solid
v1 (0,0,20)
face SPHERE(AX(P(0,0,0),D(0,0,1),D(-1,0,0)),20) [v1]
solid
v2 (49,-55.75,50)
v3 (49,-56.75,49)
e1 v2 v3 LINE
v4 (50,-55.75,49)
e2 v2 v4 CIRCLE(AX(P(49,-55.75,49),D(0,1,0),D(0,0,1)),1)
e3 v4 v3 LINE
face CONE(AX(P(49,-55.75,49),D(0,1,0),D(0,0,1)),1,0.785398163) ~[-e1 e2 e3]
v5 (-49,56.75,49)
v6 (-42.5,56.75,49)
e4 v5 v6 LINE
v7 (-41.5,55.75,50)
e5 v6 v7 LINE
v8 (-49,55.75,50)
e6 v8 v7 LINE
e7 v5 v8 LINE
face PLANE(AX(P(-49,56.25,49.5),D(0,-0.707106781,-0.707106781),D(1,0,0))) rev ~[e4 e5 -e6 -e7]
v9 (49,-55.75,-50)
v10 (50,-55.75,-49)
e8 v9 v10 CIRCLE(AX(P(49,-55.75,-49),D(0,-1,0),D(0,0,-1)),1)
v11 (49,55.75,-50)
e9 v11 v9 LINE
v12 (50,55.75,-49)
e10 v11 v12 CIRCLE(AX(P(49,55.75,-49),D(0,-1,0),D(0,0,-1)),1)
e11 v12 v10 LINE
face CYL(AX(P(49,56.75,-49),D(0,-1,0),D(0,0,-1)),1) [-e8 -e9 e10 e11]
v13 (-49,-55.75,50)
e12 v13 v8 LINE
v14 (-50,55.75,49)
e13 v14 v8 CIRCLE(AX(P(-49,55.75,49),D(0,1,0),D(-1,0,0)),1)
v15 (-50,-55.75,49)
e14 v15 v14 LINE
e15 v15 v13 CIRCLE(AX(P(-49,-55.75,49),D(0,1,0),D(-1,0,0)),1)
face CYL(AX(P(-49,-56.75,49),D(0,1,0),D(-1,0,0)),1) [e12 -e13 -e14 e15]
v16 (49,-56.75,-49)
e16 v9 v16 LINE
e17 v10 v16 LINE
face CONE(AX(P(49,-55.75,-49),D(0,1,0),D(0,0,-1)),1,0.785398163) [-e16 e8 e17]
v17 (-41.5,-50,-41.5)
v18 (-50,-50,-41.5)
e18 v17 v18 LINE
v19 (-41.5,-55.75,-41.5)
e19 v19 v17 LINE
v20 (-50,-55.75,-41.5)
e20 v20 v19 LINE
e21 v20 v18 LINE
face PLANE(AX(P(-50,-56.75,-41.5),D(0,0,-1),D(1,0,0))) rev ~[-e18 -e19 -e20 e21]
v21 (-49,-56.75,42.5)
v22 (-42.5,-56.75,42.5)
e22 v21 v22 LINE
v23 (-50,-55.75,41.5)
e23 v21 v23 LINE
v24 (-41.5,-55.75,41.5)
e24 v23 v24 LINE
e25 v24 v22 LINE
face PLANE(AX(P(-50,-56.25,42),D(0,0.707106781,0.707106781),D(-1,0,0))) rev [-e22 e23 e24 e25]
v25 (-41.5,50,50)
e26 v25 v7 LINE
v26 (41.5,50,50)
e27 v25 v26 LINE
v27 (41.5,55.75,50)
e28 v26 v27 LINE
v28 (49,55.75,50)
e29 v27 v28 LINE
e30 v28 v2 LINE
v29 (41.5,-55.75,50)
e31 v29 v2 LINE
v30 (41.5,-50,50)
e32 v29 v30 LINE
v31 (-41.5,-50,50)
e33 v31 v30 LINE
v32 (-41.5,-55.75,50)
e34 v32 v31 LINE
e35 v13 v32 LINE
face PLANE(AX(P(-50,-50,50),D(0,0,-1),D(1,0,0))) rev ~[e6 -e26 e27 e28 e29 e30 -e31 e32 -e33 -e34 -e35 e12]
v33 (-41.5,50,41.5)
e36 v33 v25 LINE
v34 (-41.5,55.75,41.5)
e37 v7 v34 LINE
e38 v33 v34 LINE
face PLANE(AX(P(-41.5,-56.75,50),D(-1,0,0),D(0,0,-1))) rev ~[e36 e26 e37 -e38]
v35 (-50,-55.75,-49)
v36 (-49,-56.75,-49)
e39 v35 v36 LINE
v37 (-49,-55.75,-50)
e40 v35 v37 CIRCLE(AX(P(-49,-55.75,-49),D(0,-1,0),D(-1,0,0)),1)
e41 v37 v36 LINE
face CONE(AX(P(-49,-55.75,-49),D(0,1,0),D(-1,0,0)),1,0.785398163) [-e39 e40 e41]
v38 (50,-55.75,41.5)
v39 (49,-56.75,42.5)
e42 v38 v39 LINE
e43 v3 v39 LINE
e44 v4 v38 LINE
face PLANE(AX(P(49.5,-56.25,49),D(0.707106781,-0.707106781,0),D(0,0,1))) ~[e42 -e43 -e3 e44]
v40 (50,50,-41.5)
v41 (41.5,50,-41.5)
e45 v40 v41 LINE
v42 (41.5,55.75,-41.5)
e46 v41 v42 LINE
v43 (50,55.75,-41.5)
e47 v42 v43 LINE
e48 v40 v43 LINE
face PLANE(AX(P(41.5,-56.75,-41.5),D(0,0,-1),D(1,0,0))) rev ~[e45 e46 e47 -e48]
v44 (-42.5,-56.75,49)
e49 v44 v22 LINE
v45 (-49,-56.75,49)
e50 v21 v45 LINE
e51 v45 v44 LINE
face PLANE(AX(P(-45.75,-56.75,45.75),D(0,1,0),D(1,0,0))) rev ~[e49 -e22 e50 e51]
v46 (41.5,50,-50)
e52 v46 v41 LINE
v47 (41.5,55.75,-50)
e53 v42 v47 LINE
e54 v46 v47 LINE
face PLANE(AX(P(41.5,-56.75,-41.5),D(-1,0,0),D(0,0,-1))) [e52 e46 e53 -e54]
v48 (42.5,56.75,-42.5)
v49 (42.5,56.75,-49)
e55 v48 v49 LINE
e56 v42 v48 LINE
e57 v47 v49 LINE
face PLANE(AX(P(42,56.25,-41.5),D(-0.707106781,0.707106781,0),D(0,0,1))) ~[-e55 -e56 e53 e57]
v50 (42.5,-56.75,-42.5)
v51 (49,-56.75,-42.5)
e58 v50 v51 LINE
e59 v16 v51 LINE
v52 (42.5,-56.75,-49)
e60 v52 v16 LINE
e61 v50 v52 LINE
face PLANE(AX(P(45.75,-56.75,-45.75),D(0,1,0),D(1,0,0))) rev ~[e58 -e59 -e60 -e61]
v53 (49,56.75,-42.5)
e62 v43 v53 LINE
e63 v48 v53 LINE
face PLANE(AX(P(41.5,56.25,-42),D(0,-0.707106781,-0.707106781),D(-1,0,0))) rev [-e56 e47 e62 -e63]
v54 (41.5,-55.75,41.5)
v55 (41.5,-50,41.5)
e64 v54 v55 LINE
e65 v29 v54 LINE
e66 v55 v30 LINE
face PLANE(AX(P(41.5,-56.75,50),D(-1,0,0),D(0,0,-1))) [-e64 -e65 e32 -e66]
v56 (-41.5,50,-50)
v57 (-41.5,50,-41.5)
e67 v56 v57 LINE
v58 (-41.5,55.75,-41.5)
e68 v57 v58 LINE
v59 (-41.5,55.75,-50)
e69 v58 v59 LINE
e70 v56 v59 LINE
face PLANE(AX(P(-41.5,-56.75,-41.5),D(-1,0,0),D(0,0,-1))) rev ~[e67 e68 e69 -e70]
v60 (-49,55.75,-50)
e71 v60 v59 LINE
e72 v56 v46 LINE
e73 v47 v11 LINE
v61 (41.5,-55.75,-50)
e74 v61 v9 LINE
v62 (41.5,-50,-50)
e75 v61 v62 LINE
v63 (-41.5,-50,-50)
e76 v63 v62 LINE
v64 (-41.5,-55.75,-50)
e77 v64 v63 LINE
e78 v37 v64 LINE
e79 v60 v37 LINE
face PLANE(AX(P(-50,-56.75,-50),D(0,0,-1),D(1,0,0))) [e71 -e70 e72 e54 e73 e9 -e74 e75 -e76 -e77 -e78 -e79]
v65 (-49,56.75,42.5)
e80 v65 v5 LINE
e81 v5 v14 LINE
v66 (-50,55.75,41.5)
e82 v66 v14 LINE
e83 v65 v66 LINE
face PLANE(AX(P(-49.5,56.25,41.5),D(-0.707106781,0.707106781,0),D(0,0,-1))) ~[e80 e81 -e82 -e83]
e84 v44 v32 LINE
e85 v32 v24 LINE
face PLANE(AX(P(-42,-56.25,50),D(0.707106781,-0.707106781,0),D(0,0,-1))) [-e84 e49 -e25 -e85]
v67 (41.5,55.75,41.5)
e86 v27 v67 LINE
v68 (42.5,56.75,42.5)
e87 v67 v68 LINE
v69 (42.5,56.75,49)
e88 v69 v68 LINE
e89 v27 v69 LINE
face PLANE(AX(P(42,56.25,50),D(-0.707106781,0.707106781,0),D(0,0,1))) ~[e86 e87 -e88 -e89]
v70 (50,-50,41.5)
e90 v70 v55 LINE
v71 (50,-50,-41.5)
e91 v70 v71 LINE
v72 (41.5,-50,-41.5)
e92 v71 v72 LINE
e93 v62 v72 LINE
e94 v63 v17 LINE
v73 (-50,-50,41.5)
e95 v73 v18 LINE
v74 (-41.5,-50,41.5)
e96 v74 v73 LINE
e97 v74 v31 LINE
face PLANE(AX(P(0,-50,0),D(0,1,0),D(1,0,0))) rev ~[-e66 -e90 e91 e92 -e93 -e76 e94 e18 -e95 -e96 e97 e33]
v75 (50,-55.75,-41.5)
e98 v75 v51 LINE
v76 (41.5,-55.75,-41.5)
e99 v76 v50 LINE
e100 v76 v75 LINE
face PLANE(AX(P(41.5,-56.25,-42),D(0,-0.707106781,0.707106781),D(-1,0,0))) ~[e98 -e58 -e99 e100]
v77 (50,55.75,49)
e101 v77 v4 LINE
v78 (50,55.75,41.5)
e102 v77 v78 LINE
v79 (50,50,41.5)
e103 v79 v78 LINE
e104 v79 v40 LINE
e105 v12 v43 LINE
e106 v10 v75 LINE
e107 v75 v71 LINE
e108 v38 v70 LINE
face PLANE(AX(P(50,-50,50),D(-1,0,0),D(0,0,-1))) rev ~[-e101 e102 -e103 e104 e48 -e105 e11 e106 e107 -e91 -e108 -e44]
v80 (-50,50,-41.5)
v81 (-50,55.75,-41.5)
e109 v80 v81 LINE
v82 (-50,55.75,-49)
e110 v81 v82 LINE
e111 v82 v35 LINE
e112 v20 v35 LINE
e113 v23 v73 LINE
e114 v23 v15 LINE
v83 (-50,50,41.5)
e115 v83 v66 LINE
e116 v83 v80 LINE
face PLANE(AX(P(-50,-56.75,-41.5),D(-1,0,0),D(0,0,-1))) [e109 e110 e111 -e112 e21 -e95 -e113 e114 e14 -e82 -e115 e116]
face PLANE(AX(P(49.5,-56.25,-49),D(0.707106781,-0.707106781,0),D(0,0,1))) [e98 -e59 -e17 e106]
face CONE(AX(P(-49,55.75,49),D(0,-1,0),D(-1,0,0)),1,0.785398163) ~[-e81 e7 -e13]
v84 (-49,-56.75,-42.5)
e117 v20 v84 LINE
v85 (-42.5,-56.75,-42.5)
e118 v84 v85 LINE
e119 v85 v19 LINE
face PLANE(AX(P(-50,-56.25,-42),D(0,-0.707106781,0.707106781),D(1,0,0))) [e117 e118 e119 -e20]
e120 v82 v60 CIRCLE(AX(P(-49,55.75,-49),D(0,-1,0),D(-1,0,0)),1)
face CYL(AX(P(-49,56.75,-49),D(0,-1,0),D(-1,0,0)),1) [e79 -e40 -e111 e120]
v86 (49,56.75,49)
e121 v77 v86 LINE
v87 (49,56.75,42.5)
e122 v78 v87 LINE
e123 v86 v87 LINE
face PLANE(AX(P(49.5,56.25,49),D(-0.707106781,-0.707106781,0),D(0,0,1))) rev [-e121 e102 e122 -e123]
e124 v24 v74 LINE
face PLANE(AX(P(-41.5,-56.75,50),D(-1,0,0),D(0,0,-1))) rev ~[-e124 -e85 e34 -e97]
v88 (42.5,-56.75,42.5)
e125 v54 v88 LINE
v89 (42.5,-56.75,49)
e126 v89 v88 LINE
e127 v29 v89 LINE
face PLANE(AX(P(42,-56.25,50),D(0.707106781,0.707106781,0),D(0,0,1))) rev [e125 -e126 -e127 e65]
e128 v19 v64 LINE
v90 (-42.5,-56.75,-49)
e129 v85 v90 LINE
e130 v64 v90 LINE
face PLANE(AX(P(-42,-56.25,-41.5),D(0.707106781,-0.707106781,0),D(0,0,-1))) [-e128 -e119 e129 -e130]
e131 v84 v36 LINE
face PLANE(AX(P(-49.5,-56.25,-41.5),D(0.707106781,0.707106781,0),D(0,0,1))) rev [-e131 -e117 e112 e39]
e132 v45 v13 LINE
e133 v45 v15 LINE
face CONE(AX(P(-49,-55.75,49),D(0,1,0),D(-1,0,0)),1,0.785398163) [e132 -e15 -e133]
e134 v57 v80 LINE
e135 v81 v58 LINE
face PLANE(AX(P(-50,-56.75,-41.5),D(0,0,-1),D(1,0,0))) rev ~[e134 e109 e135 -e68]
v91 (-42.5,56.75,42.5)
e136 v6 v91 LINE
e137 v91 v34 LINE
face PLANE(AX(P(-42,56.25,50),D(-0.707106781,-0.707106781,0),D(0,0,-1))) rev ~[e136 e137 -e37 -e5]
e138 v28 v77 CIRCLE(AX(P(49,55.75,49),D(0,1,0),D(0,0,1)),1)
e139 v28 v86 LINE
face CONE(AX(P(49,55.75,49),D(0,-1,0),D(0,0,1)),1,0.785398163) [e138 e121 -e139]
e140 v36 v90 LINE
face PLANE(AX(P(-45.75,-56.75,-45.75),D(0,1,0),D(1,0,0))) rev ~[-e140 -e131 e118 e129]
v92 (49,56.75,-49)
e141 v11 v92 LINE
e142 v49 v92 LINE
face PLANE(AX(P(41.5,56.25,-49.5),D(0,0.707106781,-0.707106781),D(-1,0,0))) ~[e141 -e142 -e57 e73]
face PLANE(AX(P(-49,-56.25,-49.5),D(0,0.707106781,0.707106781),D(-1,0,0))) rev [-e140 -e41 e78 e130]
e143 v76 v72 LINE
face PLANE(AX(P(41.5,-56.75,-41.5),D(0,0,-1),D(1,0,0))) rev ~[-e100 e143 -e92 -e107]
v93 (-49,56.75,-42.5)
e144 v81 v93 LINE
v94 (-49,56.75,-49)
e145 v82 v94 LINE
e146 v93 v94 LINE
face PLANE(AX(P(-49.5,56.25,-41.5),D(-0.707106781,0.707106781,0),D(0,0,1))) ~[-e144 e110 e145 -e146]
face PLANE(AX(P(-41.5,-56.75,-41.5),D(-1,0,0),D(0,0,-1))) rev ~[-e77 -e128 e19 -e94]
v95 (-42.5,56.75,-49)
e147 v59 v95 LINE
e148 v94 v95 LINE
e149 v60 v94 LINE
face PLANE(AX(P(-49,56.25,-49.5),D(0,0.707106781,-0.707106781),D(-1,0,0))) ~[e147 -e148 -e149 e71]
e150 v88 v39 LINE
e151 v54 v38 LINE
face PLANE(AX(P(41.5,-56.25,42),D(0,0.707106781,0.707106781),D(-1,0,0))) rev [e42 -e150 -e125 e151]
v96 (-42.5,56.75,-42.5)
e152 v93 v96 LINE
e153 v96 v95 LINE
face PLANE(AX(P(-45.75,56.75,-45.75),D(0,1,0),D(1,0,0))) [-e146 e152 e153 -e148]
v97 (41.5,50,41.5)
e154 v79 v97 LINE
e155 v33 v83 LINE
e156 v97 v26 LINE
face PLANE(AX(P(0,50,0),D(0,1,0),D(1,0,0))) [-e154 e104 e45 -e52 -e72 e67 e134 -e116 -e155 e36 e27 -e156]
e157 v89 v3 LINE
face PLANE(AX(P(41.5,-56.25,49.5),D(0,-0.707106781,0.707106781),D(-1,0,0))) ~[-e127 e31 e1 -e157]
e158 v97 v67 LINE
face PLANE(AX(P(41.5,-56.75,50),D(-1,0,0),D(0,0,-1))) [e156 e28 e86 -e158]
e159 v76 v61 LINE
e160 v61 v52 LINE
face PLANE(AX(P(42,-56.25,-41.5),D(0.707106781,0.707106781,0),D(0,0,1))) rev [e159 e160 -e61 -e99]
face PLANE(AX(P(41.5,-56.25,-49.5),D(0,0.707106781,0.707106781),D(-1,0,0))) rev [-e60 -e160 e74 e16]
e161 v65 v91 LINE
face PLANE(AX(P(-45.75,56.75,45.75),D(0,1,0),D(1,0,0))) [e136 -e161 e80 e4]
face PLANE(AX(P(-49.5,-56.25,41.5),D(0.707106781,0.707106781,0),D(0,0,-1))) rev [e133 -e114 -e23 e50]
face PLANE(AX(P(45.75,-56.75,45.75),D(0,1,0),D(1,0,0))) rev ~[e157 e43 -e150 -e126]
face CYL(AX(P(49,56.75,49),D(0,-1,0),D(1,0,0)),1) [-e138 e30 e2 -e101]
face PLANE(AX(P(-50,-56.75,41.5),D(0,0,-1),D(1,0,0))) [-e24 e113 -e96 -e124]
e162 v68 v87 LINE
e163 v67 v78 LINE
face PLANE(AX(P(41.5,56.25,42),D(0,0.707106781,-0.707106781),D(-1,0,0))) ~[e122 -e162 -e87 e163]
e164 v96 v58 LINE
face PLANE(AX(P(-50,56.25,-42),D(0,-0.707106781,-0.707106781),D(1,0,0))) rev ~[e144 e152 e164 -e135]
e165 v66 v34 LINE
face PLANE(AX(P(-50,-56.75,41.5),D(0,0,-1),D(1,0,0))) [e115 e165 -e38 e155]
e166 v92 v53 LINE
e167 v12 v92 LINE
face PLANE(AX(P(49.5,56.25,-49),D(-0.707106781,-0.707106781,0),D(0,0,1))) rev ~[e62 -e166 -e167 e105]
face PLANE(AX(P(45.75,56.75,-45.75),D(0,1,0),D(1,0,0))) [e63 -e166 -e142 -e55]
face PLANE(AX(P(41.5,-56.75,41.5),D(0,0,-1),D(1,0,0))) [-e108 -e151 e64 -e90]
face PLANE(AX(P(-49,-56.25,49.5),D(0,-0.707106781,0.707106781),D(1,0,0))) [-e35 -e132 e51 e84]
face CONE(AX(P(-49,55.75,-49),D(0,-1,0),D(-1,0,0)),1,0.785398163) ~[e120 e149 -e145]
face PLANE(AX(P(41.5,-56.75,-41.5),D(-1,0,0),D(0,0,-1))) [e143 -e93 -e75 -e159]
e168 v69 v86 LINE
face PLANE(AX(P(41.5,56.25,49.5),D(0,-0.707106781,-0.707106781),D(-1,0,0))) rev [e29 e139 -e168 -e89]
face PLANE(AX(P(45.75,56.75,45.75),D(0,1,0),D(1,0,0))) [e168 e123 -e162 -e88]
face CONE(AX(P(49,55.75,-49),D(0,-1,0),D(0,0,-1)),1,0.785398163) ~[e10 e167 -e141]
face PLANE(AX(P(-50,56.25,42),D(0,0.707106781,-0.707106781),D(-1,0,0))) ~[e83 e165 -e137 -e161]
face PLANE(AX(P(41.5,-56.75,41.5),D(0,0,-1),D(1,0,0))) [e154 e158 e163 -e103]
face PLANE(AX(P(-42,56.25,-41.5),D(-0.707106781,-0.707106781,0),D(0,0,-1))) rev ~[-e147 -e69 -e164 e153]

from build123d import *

# Parameters (mm, degrees)
PERIMETER_DEPTH      = 50
PERIMETER_DEPTH_BACK = 50
PERIMETER_SKETCH_W   = 100
PERIMETER_SKETCH_H   = 100
RAILS_DEPTH          = 56.75
RAILS_DEPTH_BACK     = 56.75
RAIL_SKETCH_W        = 8.5
RAIL_SKETCH_H        = 8.5
FILLET1_R            = 1
CHAMFER1_SIZE        = 1


with BuildPart() as part:
    # CG SKETCH → CENTER OF GRAVITY (revolve)
    with BuildSketch(Plane(origin=(0, 0, 0), x_dir=(1, 0, 0), z_dir=(0, 1, 0))):
        with BuildLine():
            Line((0, -20), (0, 20))
            ThreePointArc((0, 20), (-20, 0), (0, -20))
        make_face()
    revolve(axis=Axis((0, 0, -80.9), (0, 0, 1)))


with BuildPart() as body_2:
    # PERIMETER SKETCH → PERIMETER (new, two sides: drawn at the far end of the back side and taken through both)
    with BuildSketch(Plane(origin=(0, 0, 0), x_dir=(1, 0, 0), z_dir=(0, 1, 0)).offset(-PERIMETER_DEPTH_BACK)):
        Rectangle(PERIMETER_SKETCH_W, PERIMETER_SKETCH_H)
    extrude(amount=PERIMETER_DEPTH + PERIMETER_DEPTH_BACK)

    # RAIL SKETCH → RAILS (add, two sides: drawn at the far end of the back side and taken through both)
    with BuildSketch(Plane(origin=(0, 0, 0), x_dir=(1, 0, 0), z_dir=(0, 1, 0)).offset(-RAILS_DEPTH_BACK)):
        with Locations((-45.75, 45.75)):
            Rectangle(RAIL_SKETCH_W, RAIL_SKETCH_H)
        with Locations((45.75, 45.75)):
            Rectangle(RAIL_SKETCH_W, RAIL_SKETCH_H)
        with Locations((-45.75, -45.75)):
            Rectangle(RAIL_SKETCH_W, RAIL_SKETCH_H)
        with Locations((45.75, -45.75)):
            Rectangle(RAIL_SKETCH_W, RAIL_SKETCH_H)
    extrude(amount=RAILS_DEPTH + RAILS_DEPTH_BACK)

    # Fillet1
    fillet1_edges = [body_2.edges().sort_by_distance(p)[0] for p in [
        (50, 0, 50),
        (-50, 0, 50),
        (-50, 0, -50),
        (50, 0, -50),
    ]]
    fillet(fillet1_edges, radius=FILLET1_R)

    # Chamfer1
    chamfer1_edges = [body_2.edges().sort_by_distance(p)[0] for p in [
        (45.25, 56.75, -50),
        (45.25, -56.75, -50),
        (-50, 56.75, -45.25),
        (-49.707106781, 56.75, -49.707106781),
        (-50, -56.75, -45.25),
        (-49.707106781, -56.75, -49.707106781),
        (50, 56.75, 45.25),
        (50, -56.75, 45.25),
        (49.707106781, 56.75, -49.707106781),
        (49.707106781, -56.75, -49.707106781),
        (-45.25, 56.75, 50),
        (-45.25, -56.75, 50),
        (49.707106781, 56.75, 49.707106781),
        (49.707106781, -56.75, 49.707106781),
        (-49.707106781, 56.75, 49.707106781),
        (-49.707106781, -56.75, 49.707106781),
        (-45.25, -56.75, -50),
        (-41.5, -56.75, -45.75),
        (-45.75, -56.75, -41.5),
        (-45.75, 56.75, -41.5),
        (-41.5, 56.75, -45.75),
        (-45.25, 56.75, -50),
        (50, -56.75, -45.25),
        (45.75, -56.75, -41.5),
        (41.5, -56.75, -45.75),
        (50, 56.75, -45.25),
        (41.5, 56.75, -45.75),
        (45.75, 56.75, -41.5),
        (-50, -56.75, 45.25),
        (-45.75, -56.75, 41.5),
        (-41.5, -56.75, 45.75),
        (-50, 56.75, 45.25),
        (-41.5, 56.75, 45.75),
        (-45.75, 56.75, 41.5),
        (45.25, -56.75, 50),
        (41.5, -56.75, 45.75),
        (45.75, -56.75, 41.5),
        (45.75, 56.75, 41.5),
        (41.5, 56.75, 45.75),
        (45.25, 56.75, 50),
    ]]
    chamfer(chamfer1_edges, length=CHAMFER1_SIZE)


solid = Compound([part.part, body_2.part])
